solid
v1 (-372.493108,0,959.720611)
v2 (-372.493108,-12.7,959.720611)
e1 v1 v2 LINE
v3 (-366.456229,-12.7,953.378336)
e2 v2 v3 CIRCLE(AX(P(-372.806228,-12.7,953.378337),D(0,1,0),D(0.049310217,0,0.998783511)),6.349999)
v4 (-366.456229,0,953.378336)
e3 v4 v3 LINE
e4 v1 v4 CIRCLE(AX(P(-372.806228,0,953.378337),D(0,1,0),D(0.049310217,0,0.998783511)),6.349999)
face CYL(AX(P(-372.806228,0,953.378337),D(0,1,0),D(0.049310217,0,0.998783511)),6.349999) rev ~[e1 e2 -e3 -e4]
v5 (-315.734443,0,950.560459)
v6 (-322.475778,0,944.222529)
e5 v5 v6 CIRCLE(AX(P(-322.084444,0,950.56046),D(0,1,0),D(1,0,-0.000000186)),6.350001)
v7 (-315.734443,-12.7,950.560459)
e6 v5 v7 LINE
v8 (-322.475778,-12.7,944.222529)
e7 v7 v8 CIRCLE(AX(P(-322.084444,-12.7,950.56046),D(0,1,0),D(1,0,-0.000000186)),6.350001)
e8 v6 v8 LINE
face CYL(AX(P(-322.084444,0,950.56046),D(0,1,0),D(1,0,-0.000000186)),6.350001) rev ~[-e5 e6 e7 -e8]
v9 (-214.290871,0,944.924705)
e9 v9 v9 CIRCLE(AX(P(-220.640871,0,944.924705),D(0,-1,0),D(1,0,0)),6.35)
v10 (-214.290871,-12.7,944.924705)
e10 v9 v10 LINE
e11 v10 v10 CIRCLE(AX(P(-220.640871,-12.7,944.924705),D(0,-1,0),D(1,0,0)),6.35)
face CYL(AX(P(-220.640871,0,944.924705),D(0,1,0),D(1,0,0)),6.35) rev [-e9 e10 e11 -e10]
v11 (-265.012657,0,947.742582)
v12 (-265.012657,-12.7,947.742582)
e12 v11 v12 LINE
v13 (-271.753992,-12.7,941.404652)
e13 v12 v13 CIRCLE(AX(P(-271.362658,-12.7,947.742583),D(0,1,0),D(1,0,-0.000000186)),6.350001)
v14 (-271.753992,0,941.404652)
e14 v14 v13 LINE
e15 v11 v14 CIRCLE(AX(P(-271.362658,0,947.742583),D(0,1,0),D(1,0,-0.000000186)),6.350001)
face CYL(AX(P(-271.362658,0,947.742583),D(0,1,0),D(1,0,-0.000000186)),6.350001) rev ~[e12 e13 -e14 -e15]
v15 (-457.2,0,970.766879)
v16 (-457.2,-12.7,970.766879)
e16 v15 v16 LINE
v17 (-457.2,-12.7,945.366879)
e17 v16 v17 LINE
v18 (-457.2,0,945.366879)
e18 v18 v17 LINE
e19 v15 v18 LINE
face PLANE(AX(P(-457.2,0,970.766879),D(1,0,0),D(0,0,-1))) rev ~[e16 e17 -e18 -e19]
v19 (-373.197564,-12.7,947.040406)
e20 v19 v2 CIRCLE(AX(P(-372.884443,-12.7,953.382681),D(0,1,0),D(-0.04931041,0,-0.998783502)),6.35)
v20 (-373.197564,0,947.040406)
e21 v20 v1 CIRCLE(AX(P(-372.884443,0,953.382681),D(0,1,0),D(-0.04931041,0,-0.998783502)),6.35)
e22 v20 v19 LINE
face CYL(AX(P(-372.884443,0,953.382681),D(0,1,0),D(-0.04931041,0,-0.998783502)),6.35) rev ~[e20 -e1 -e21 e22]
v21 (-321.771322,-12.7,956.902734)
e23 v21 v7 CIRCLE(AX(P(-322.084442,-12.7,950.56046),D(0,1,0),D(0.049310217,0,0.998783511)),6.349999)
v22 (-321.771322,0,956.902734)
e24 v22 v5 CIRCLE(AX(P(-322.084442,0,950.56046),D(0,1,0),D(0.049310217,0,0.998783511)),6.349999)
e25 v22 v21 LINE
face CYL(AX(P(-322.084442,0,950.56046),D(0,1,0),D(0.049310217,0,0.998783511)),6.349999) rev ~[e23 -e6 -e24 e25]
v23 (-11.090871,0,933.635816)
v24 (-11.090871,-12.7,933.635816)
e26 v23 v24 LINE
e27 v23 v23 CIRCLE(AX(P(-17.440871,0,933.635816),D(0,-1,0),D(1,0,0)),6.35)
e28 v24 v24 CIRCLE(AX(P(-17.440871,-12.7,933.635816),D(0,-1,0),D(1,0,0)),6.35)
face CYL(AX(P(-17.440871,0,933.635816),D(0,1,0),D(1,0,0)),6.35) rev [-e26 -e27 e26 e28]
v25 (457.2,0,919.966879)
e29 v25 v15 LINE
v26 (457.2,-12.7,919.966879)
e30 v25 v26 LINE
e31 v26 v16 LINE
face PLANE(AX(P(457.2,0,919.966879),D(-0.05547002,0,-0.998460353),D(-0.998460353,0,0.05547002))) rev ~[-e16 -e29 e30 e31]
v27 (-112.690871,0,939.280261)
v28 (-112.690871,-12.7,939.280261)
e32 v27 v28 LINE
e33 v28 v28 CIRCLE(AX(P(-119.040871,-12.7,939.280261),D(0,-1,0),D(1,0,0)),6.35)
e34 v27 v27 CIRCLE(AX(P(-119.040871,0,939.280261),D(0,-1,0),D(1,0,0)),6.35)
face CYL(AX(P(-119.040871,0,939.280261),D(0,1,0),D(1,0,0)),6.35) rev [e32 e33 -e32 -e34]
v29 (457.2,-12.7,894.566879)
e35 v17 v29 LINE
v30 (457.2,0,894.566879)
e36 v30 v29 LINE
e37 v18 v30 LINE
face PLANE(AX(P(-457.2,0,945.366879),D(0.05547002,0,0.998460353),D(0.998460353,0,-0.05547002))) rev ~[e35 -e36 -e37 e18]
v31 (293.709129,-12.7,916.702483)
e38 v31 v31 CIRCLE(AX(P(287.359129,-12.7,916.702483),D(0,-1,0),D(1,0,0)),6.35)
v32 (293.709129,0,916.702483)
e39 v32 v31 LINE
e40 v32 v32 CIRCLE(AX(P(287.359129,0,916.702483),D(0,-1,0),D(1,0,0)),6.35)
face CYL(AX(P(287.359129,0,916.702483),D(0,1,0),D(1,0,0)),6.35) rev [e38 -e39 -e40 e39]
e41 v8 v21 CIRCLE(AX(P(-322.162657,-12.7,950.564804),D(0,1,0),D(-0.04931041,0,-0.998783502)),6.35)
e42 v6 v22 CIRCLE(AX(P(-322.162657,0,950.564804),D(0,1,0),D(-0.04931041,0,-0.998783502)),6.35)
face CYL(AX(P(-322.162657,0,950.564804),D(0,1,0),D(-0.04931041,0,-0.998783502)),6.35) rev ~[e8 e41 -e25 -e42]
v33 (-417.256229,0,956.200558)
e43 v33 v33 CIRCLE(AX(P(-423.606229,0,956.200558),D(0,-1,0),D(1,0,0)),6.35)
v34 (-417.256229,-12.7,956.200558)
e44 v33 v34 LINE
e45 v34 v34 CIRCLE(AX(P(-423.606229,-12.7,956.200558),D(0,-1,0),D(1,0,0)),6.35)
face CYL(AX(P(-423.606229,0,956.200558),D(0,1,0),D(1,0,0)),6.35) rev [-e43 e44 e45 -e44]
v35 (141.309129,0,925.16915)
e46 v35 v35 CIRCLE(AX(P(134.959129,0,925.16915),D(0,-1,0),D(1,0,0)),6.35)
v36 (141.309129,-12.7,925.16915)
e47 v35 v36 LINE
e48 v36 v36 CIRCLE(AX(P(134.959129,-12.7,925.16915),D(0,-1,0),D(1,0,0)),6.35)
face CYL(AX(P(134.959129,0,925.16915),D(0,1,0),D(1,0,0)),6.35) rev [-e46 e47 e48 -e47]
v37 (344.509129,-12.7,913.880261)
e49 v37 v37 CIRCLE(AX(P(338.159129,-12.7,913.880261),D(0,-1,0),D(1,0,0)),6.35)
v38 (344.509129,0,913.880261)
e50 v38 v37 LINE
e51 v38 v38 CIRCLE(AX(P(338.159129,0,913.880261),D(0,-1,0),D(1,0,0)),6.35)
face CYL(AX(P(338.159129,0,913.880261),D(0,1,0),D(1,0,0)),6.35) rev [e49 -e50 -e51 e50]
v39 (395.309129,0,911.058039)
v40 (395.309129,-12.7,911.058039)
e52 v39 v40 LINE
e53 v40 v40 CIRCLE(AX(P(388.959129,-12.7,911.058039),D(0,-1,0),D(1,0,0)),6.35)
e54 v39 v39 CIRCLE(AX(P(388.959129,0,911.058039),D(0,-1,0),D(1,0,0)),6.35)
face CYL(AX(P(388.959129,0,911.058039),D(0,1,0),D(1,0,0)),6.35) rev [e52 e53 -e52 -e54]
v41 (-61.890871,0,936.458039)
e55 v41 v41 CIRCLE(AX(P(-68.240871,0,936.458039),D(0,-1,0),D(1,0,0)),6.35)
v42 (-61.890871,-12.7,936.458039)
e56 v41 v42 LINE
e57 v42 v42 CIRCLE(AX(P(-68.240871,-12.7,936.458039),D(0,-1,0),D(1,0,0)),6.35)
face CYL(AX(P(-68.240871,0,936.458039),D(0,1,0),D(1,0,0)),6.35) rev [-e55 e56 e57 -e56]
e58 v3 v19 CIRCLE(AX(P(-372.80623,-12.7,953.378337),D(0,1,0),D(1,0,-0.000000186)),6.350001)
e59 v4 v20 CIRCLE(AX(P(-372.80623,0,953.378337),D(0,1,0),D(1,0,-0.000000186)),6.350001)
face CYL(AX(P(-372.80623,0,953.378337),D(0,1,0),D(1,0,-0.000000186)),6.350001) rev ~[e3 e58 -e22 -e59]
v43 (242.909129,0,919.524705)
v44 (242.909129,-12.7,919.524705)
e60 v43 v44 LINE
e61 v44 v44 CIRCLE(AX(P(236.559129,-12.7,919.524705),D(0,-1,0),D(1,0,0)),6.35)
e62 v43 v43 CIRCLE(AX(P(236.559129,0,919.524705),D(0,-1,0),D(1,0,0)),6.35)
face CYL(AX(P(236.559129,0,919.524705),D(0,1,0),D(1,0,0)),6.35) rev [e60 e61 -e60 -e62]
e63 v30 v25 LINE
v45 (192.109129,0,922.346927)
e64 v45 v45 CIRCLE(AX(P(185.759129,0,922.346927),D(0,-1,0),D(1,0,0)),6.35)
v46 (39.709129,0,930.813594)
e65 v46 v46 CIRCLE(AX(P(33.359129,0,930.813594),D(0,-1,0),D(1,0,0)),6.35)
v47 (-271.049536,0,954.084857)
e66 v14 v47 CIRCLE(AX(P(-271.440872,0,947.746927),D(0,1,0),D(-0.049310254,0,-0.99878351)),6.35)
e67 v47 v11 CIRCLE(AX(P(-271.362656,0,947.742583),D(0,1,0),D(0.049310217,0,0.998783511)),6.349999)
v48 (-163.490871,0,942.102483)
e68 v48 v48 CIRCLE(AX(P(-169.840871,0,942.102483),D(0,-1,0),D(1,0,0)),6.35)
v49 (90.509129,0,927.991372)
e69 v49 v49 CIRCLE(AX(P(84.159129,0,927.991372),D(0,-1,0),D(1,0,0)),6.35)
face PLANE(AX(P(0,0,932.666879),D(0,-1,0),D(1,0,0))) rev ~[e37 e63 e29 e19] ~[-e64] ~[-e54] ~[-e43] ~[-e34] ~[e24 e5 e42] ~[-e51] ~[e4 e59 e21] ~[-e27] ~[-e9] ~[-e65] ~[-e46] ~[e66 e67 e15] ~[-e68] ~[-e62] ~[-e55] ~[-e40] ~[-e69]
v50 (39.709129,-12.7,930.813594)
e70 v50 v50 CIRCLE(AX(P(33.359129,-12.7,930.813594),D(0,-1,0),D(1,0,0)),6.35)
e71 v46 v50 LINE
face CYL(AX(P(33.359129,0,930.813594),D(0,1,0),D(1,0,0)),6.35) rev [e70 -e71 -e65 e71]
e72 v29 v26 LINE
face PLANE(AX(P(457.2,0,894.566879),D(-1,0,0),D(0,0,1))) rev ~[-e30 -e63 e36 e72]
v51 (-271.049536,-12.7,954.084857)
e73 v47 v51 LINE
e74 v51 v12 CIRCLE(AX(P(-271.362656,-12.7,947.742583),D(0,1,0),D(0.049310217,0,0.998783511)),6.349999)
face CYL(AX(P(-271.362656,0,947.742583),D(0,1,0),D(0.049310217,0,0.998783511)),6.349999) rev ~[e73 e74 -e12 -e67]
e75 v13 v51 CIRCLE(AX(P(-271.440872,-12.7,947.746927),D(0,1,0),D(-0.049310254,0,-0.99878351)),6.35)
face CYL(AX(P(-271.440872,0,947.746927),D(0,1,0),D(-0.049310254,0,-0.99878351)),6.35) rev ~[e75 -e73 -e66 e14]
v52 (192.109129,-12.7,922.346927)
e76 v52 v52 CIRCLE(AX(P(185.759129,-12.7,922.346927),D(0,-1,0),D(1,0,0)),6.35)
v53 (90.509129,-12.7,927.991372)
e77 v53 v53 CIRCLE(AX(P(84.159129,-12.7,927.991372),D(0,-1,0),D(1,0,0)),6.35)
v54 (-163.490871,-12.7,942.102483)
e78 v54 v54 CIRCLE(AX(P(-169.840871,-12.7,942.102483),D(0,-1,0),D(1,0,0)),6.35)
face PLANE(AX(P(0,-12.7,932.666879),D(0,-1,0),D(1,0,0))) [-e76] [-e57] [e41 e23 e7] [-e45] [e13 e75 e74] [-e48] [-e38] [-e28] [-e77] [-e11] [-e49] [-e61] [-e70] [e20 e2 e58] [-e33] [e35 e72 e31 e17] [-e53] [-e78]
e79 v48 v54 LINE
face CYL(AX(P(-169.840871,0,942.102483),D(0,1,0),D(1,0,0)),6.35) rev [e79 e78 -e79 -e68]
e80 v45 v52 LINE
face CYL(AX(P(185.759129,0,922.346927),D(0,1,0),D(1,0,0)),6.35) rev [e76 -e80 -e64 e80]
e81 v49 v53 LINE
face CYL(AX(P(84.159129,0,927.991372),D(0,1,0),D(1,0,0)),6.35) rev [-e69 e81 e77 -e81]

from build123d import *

# Parameters (mm, degrees)
F0_R     = 6.35
F1_DEPTH = 12.7


with BuildPart() as f1:
    # F0 (on Front) → F1 (new body)
    with BuildSketch(Plane.XZ):
        Polygon((457.2, 919.966879), (-457.2, 970.766879), (-457.2, 945.366879), (457.2, 894.566879), align=None)
        with Locations((287.359129, 916.702483)):
            Circle(F0_R, mode=Mode.SUBTRACT)
        with Locations((388.959129, 911.058039)):
            Circle(F0_R, mode=Mode.SUBTRACT)
        with Locations((338.159129, 913.880261)):
            Circle(F0_R, mode=Mode.SUBTRACT)
        with Locations((-68.240871, 936.458039)):
            Circle(F0_R, mode=Mode.SUBTRACT)
        with Locations((-169.840871, 942.102483)):
            Circle(F0_R, mode=Mode.SUBTRACT)
        with Locations((-119.040871, 939.280261)):
            Circle(F0_R, mode=Mode.SUBTRACT)
        with Locations((33.359129, 930.813594)):
            Circle(F0_R, mode=Mode.SUBTRACT)
        with Locations((84.159129, 927.991372)):
            Circle(F0_R, mode=Mode.SUBTRACT)
        with Locations((185.759129, 922.346927)):
            Circle(F0_R, mode=Mode.SUBTRACT)
        with Locations((236.559129, 919.524705)):
            Circle(F0_R, mode=Mode.SUBTRACT)
        with Locations((134.959129, 925.16915)):
            Circle(F0_R, mode=Mode.SUBTRACT)
        with Locations((-17.440871, 933.635816)):
            Circle(F0_R, mode=Mode.SUBTRACT)
        with BuildLine():
            ThreePointArc((-321.771322, 956.902734), (-317.484942, 954.938483), (-315.734443, 950.560459))
            ThreePointArc((-315.734443, 950.560459), (-317.734873, 945.934042), (-322.475778, 944.222529))
            ThreePointArc((-322.475778, 944.222529), (-328.50288, 950.917039), (-321.771322, 956.902734))
        make_face(mode=Mode.SUBTRACT)
        with BuildLine():
            ThreePointArc((-271.049536, 954.084857), (-266.763156, 952.120606), (-265.012657, 947.742582))
            ThreePointArc((-265.012657, 947.742582), (-267.013087, 943.116165), (-271.753992, 941.404652))
            ThreePointArc((-271.753992, 941.404652), (-277.781095, 948.099162), (-271.049536, 954.084857))
        make_face(mode=Mode.SUBTRACT)
        with BuildLine():
            ThreePointArc((-372.493108, 959.720611), (-368.206728, 957.75636), (-366.456229, 953.378336))
            ThreePointArc((-366.456229, 953.378336), (-368.456659, 948.751919), (-373.197564, 947.040406))
            ThreePointArc((-373.197564, 947.040406), (-379.224666, 953.734916), (-372.493108, 959.720611))
        make_face(mode=Mode.SUBTRACT)
        with Locations((-423.606229, 956.200558)):
            Circle(F0_R, mode=Mode.SUBTRACT)
        with Locations((-220.640871, 944.924705)):
            Circle(F0_R, mode=Mode.SUBTRACT)
    extrude(amount=F1_DEPTH)


solid = f1.part
